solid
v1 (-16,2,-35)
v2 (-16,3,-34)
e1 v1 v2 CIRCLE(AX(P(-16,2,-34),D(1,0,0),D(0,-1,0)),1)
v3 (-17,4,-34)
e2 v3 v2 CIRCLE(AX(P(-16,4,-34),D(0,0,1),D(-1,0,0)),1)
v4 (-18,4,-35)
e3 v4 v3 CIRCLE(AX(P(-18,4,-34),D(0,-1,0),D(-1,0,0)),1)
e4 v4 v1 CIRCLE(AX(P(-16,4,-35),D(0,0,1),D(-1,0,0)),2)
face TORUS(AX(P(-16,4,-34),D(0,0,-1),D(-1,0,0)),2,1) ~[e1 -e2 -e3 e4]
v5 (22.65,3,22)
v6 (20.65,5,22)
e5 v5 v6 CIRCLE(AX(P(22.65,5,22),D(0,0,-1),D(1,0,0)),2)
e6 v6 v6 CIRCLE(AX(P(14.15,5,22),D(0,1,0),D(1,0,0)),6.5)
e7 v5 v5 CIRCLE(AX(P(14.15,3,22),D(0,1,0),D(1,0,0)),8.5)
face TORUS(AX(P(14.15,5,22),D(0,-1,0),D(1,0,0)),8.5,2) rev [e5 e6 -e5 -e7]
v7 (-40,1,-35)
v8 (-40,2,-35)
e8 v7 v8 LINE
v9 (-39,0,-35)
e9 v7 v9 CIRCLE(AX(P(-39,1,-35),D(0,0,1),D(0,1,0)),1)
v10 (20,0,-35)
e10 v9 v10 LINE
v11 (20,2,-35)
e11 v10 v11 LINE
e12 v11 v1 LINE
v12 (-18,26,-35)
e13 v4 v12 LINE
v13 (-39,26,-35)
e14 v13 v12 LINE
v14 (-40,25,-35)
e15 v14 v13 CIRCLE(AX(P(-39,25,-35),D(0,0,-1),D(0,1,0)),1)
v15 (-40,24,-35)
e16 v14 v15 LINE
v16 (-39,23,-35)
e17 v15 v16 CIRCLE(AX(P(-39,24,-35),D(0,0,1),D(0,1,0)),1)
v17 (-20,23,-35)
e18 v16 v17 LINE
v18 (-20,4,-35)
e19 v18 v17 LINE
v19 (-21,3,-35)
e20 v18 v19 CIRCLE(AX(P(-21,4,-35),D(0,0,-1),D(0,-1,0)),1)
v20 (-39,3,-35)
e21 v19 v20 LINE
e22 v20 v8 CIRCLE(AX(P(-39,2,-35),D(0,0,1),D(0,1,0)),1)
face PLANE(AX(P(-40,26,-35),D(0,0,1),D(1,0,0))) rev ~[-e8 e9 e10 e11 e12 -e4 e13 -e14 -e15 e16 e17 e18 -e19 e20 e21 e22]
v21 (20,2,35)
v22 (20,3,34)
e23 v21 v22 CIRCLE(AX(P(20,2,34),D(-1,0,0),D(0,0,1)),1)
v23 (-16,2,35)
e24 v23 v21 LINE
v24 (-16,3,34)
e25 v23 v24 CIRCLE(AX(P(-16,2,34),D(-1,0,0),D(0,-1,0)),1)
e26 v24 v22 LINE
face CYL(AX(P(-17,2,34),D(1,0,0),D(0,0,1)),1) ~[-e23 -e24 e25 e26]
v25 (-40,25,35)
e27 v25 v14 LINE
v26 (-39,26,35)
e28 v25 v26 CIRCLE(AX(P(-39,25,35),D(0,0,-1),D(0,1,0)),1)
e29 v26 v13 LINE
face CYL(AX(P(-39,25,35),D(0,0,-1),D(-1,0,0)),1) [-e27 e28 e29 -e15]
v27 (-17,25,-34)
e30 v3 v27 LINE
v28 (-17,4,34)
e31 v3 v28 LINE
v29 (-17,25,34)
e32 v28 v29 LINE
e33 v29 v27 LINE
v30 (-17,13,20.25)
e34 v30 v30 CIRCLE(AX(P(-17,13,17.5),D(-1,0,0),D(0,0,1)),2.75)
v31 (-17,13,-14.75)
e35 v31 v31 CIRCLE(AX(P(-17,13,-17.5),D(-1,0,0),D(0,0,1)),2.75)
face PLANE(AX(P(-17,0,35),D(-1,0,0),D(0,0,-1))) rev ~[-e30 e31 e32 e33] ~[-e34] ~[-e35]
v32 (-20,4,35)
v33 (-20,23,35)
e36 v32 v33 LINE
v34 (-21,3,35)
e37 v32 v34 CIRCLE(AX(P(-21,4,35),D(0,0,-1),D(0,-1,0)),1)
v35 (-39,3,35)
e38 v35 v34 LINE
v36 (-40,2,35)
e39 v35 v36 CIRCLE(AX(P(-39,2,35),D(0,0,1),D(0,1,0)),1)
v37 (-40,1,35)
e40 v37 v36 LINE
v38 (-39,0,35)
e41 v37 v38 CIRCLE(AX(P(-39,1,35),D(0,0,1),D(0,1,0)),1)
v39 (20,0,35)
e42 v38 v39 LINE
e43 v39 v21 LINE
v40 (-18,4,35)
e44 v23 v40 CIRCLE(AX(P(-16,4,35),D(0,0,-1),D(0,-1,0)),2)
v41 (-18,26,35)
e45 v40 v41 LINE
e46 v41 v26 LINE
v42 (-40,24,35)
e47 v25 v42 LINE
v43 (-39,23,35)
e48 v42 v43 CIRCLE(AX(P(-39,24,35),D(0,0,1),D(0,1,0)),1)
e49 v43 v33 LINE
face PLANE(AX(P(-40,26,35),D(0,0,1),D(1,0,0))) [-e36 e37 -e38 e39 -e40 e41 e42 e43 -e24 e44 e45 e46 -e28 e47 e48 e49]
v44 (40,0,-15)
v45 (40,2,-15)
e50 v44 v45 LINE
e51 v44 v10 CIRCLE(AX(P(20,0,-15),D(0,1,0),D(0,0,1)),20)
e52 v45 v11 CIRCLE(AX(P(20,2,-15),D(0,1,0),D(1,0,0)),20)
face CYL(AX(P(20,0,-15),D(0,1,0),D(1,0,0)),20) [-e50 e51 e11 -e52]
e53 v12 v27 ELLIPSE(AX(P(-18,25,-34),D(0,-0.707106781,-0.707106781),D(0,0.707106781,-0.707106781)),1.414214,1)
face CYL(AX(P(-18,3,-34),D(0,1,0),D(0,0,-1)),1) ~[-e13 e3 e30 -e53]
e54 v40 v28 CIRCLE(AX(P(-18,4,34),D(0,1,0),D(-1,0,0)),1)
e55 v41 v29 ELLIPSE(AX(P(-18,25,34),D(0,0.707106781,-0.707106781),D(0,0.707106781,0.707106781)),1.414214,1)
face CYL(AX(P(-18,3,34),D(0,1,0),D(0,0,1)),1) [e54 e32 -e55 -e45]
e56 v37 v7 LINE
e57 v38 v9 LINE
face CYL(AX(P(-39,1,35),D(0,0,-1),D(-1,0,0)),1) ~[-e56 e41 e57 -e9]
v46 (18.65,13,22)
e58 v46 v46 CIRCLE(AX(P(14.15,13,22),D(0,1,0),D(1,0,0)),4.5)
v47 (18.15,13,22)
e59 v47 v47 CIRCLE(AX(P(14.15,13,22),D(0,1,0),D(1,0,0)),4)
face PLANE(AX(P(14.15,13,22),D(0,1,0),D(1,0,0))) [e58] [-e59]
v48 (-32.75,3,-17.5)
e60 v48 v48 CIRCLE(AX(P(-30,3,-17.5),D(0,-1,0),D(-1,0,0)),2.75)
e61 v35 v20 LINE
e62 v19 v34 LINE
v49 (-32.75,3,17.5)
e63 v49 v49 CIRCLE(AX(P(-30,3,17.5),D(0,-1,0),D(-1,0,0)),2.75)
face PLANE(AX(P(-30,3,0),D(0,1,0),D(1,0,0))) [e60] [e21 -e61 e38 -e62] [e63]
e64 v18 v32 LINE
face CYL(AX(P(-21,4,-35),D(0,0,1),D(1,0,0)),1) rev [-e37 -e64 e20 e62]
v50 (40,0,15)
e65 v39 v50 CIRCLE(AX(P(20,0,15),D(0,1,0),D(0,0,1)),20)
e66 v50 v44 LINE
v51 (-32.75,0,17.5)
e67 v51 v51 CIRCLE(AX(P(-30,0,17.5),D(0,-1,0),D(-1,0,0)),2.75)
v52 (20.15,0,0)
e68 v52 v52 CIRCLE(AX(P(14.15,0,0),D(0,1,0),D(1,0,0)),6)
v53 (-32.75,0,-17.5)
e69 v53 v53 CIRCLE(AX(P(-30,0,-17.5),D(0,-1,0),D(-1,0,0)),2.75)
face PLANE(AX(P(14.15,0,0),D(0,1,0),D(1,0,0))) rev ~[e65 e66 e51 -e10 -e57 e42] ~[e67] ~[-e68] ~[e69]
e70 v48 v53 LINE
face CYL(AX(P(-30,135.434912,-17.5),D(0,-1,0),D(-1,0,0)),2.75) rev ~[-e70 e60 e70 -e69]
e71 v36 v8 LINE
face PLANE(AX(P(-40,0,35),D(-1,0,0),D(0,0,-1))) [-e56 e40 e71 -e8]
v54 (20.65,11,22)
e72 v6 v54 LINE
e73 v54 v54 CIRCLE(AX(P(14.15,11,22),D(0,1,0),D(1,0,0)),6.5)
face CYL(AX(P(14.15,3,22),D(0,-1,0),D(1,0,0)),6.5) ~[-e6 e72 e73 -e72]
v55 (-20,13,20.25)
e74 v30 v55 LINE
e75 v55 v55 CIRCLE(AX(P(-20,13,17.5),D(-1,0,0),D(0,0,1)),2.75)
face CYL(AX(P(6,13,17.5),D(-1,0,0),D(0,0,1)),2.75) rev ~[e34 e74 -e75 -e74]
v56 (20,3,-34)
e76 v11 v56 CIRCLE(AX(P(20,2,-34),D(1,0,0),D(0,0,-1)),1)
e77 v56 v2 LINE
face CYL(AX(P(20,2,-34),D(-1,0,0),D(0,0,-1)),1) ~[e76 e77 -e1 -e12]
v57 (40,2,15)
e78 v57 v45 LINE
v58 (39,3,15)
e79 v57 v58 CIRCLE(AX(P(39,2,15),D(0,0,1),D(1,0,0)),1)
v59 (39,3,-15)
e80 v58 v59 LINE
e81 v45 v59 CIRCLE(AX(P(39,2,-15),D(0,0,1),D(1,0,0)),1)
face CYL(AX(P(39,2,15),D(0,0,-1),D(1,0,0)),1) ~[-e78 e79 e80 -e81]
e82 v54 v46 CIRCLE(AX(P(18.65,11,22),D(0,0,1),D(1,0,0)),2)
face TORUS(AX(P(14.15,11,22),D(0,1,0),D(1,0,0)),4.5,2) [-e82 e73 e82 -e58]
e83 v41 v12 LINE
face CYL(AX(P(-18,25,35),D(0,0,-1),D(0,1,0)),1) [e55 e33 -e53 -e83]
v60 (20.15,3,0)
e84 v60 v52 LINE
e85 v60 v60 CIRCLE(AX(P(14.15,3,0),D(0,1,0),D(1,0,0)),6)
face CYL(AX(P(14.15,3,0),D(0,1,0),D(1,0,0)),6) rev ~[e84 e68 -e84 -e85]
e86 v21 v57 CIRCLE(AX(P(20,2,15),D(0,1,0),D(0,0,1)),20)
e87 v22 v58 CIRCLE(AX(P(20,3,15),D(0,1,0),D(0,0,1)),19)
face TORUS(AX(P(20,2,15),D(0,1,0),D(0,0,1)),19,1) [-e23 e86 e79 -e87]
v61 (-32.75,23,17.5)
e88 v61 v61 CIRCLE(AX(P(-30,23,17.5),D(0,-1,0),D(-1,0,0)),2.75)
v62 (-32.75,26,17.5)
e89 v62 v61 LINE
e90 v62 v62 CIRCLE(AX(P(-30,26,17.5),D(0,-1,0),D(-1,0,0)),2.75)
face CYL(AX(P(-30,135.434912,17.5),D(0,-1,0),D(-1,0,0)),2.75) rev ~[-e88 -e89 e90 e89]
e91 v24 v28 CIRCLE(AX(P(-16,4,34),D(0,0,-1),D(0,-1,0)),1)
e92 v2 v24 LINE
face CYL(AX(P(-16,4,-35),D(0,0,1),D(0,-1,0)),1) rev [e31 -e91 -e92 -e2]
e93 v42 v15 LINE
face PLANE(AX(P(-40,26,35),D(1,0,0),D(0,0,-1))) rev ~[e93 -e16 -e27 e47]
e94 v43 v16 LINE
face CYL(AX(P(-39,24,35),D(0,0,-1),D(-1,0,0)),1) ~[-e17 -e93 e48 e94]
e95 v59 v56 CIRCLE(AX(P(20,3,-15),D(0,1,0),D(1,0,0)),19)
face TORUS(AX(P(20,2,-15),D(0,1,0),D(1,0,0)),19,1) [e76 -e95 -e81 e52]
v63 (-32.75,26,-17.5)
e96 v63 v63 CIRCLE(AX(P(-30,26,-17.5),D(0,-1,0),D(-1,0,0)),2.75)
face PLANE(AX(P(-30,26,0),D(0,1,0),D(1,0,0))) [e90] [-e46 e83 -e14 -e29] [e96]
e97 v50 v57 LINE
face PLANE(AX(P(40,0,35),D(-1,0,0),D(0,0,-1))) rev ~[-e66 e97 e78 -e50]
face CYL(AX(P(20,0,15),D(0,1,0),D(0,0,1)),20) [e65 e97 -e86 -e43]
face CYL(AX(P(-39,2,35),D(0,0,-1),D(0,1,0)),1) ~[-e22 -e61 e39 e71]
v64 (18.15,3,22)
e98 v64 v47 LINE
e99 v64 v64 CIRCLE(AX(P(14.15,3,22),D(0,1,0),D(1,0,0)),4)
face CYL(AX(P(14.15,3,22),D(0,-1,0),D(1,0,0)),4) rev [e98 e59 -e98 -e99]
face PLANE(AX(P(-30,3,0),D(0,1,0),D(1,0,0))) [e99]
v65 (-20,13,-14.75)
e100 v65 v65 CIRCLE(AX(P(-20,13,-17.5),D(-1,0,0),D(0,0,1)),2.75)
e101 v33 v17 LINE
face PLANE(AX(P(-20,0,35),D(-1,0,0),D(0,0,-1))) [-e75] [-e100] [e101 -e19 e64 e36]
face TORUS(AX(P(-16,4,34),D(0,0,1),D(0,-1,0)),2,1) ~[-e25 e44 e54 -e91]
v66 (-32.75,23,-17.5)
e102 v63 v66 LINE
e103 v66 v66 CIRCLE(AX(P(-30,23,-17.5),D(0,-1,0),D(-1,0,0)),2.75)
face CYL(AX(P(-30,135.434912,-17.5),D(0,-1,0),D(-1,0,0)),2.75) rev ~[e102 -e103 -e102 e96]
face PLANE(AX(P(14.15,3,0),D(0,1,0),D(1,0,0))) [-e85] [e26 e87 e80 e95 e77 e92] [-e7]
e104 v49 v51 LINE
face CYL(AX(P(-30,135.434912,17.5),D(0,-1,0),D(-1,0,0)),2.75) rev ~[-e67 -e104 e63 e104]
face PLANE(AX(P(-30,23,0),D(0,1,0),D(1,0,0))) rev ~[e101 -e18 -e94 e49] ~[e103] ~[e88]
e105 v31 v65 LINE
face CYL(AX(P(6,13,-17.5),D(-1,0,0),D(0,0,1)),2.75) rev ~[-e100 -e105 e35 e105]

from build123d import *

# Parameters (mm, degrees)
SKETCH1_W                = 20
SKETCH1_H                = 70
SKETCH1_R                = 2.5
SKETCH1_W_2              = 57
SKETCH1_W_3              = 3
BOSS_EXTRUDE1_DEPTH      = 3
SKETCH1_3_W              = 3
SKETCH1_3_H              = 70
BOSS_EXTRUDE2_DEPTH      = 26
SKETCH3_R                = 11.0045
SKETCH3_R_2              = 6
CUT_EXTRUDE2_DEPTH       = 10
FILLET1_R                = 20
BOSS_EXTRUDE4_START      = 26
SKETCH1_4_W              = 20
SKETCH1_4_H              = 70
SKETCH1_4_R              = 2.5
BOSS_EXTRUDE4_DEPTH      = 3
SKETCH4_R                = 6.5
SKETCH4_R_2              = 4
BOSS_EXTRUDE5_DEPTH      = 10
FILLET2_R                = 1
SKETCH3_4_R              = 11.0045
SKETCH3_4_R_2            = 6
BOSS_EXTRUDE7_DEPTH      = 3
FILLET3_R                = 2
M5_CLEARANCE_HOLE1_D     = 5.5
M5_CLEARANCE_HOLE1_DEPTH = 23
M5_CLEARANCE_HOLE2_D     = 5.5


with BuildPart() as part:
    # Sketch1 → Boss-Extrude1 (new body)
    with BuildSketch(Plane(origin=(0, 0, 0), x_dir=(1, 0, 0), z_dir=(0, 1, 0))):
        with Locations((-30, 0)):
            Rectangle(SKETCH1_W, SKETCH1_H)
        with Locations((-30, -17.5)):
            Circle(SKETCH1_R, mode=Mode.SUBTRACT)
        with Locations((-30, 17.5)):
            Circle(SKETCH1_R, mode=Mode.SUBTRACT)
        with Locations((11.5, 0)):
            Rectangle(SKETCH1_W_2, SKETCH1_H)
        with Locations((-18.5, 0)):
            Rectangle(SKETCH1_W_3, SKETCH1_H)
    extrude(amount=BOSS_EXTRUDE1_DEPTH)

    # Sketch1<3> → Boss-Extrude2 (add)
    with BuildSketch(Plane(origin=(0, 0, 0), x_dir=(1, 0, 0), z_dir=(0, 1, 0))):
        with Locations((-18.5, 0)):
            Rectangle(SKETCH1_3_W, SKETCH1_3_H)
    extrude(amount=BOSS_EXTRUDE2_DEPTH)

    # Sketch3 → Cut-Extrude2 (cut)
    with BuildSketch(Plane(origin=(0, 3, 0), x_dir=(1, 0, 0), z_dir=(0, 1, 0))):
        with Locations((14.15, 0)):
            Circle(SKETCH3_R)
        with Locations((14.15, 0)):
            Circle(SKETCH3_R_2)
    extrude(amount=-CUT_EXTRUDE2_DEPTH, mode=Mode.SUBTRACT)

    # Fillet1
    fillet1_edges = [part.edges().sort_by_distance(p)[0] for p in [
        (40, 1.5, -35),
        (40, 1.5, 35),
    ]]
    fillet(fillet1_edges, radius=FILLET1_R)

    # Sketch1<4> → Boss-Extrude4 (add)
    with BuildSketch(Plane(origin=(0, 0, 0), x_dir=(1, 0, 0), z_dir=(0, 1, 0)).offset(BOSS_EXTRUDE4_START)):
        with Locations((-30, 0)):
            Rectangle(SKETCH1_4_W, SKETCH1_4_H)
        with Locations((-30, -17.5)):
            Circle(SKETCH1_4_R, mode=Mode.SUBTRACT)
        with Locations((-30, 17.5)):
            Circle(SKETCH1_4_R, mode=Mode.SUBTRACT)
    extrude(amount=-BOSS_EXTRUDE4_DEPTH)

    # Sketch4 → Boss-Extrude5 (add)
    with BuildSketch(Plane(origin=(0, 3, 0), x_dir=(1, 0, 0), z_dir=(0, 1, 0))):
        with Locations((14.15, -22)):
            Circle(SKETCH4_R)
        with Locations((14.15, -22)):
            Circle(SKETCH4_R_2, mode=Mode.SUBTRACT)
    extrude(amount=BOSS_EXTRUDE5_DEPTH)

    # Fillet2
    fillet2_edges = [part.edges().sort_by_distance(p)[0] for p in [
        (1.5, 3, 35),
        (1.5, 3, -35),
        (-20, 3, 0),
        (-17, 14.5, 35),
        (-17, 3, 0),
        (-17, 26, 0),
        (-17, 14.5, -35),
        (-40, 3, 0),
        (40, 3, 0),
        (34.142135624, 3, -29.142135624),
        (34.142135624, 3, 29.142135624),
        (-40, 23, 0),
        (-40, 26, 0),
        (-40, 0, 0),
    ]]
    fillet(fillet2_edges, radius=FILLET2_R)

    # Sketch3<4> → Boss-Extrude7 (add)
    with BuildSketch(Plane(origin=(0, 3, 0), x_dir=(1, 0, 0), z_dir=(0, 1, 0))):
        with Locations((14.15, 0)):
            Circle(SKETCH3_4_R)
        with Locations((14.15, 0)):
            Circle(SKETCH3_4_R_2, mode=Mode.SUBTRACT)
    extrude(amount=-BOSS_EXTRUDE7_DEPTH)

    # Fillet3
    fillet3_edges = [part.edges().sort_by_distance(p)[0] for p in [
        (7.65, 13, 22),
        (7.65, 3, 22),
    ]]
    fillet(fillet3_edges, radius=FILLET3_R)

    # M5 Clearance Hole1
    with Locations(Plane(origin=(-17, 0, 0), x_dir=(0, 0, -1), z_dir=(1, 0, 0))):
        with Locations((-17.5, 13), (17.5, 13)):
            Hole(M5_CLEARANCE_HOLE1_D / 2, depth=M5_CLEARANCE_HOLE1_DEPTH)

    # M5 Clearance Hole2 (through all)
    with Locations(Plane(origin=(0, 26, 0), x_dir=(1, 0, 0), z_dir=(0, 1, 0))):
        with Locations((-30, -17.5), (-30, 17.5)):
            Hole(M5_CLEARANCE_HOLE2_D / 2)


solid = part.part
